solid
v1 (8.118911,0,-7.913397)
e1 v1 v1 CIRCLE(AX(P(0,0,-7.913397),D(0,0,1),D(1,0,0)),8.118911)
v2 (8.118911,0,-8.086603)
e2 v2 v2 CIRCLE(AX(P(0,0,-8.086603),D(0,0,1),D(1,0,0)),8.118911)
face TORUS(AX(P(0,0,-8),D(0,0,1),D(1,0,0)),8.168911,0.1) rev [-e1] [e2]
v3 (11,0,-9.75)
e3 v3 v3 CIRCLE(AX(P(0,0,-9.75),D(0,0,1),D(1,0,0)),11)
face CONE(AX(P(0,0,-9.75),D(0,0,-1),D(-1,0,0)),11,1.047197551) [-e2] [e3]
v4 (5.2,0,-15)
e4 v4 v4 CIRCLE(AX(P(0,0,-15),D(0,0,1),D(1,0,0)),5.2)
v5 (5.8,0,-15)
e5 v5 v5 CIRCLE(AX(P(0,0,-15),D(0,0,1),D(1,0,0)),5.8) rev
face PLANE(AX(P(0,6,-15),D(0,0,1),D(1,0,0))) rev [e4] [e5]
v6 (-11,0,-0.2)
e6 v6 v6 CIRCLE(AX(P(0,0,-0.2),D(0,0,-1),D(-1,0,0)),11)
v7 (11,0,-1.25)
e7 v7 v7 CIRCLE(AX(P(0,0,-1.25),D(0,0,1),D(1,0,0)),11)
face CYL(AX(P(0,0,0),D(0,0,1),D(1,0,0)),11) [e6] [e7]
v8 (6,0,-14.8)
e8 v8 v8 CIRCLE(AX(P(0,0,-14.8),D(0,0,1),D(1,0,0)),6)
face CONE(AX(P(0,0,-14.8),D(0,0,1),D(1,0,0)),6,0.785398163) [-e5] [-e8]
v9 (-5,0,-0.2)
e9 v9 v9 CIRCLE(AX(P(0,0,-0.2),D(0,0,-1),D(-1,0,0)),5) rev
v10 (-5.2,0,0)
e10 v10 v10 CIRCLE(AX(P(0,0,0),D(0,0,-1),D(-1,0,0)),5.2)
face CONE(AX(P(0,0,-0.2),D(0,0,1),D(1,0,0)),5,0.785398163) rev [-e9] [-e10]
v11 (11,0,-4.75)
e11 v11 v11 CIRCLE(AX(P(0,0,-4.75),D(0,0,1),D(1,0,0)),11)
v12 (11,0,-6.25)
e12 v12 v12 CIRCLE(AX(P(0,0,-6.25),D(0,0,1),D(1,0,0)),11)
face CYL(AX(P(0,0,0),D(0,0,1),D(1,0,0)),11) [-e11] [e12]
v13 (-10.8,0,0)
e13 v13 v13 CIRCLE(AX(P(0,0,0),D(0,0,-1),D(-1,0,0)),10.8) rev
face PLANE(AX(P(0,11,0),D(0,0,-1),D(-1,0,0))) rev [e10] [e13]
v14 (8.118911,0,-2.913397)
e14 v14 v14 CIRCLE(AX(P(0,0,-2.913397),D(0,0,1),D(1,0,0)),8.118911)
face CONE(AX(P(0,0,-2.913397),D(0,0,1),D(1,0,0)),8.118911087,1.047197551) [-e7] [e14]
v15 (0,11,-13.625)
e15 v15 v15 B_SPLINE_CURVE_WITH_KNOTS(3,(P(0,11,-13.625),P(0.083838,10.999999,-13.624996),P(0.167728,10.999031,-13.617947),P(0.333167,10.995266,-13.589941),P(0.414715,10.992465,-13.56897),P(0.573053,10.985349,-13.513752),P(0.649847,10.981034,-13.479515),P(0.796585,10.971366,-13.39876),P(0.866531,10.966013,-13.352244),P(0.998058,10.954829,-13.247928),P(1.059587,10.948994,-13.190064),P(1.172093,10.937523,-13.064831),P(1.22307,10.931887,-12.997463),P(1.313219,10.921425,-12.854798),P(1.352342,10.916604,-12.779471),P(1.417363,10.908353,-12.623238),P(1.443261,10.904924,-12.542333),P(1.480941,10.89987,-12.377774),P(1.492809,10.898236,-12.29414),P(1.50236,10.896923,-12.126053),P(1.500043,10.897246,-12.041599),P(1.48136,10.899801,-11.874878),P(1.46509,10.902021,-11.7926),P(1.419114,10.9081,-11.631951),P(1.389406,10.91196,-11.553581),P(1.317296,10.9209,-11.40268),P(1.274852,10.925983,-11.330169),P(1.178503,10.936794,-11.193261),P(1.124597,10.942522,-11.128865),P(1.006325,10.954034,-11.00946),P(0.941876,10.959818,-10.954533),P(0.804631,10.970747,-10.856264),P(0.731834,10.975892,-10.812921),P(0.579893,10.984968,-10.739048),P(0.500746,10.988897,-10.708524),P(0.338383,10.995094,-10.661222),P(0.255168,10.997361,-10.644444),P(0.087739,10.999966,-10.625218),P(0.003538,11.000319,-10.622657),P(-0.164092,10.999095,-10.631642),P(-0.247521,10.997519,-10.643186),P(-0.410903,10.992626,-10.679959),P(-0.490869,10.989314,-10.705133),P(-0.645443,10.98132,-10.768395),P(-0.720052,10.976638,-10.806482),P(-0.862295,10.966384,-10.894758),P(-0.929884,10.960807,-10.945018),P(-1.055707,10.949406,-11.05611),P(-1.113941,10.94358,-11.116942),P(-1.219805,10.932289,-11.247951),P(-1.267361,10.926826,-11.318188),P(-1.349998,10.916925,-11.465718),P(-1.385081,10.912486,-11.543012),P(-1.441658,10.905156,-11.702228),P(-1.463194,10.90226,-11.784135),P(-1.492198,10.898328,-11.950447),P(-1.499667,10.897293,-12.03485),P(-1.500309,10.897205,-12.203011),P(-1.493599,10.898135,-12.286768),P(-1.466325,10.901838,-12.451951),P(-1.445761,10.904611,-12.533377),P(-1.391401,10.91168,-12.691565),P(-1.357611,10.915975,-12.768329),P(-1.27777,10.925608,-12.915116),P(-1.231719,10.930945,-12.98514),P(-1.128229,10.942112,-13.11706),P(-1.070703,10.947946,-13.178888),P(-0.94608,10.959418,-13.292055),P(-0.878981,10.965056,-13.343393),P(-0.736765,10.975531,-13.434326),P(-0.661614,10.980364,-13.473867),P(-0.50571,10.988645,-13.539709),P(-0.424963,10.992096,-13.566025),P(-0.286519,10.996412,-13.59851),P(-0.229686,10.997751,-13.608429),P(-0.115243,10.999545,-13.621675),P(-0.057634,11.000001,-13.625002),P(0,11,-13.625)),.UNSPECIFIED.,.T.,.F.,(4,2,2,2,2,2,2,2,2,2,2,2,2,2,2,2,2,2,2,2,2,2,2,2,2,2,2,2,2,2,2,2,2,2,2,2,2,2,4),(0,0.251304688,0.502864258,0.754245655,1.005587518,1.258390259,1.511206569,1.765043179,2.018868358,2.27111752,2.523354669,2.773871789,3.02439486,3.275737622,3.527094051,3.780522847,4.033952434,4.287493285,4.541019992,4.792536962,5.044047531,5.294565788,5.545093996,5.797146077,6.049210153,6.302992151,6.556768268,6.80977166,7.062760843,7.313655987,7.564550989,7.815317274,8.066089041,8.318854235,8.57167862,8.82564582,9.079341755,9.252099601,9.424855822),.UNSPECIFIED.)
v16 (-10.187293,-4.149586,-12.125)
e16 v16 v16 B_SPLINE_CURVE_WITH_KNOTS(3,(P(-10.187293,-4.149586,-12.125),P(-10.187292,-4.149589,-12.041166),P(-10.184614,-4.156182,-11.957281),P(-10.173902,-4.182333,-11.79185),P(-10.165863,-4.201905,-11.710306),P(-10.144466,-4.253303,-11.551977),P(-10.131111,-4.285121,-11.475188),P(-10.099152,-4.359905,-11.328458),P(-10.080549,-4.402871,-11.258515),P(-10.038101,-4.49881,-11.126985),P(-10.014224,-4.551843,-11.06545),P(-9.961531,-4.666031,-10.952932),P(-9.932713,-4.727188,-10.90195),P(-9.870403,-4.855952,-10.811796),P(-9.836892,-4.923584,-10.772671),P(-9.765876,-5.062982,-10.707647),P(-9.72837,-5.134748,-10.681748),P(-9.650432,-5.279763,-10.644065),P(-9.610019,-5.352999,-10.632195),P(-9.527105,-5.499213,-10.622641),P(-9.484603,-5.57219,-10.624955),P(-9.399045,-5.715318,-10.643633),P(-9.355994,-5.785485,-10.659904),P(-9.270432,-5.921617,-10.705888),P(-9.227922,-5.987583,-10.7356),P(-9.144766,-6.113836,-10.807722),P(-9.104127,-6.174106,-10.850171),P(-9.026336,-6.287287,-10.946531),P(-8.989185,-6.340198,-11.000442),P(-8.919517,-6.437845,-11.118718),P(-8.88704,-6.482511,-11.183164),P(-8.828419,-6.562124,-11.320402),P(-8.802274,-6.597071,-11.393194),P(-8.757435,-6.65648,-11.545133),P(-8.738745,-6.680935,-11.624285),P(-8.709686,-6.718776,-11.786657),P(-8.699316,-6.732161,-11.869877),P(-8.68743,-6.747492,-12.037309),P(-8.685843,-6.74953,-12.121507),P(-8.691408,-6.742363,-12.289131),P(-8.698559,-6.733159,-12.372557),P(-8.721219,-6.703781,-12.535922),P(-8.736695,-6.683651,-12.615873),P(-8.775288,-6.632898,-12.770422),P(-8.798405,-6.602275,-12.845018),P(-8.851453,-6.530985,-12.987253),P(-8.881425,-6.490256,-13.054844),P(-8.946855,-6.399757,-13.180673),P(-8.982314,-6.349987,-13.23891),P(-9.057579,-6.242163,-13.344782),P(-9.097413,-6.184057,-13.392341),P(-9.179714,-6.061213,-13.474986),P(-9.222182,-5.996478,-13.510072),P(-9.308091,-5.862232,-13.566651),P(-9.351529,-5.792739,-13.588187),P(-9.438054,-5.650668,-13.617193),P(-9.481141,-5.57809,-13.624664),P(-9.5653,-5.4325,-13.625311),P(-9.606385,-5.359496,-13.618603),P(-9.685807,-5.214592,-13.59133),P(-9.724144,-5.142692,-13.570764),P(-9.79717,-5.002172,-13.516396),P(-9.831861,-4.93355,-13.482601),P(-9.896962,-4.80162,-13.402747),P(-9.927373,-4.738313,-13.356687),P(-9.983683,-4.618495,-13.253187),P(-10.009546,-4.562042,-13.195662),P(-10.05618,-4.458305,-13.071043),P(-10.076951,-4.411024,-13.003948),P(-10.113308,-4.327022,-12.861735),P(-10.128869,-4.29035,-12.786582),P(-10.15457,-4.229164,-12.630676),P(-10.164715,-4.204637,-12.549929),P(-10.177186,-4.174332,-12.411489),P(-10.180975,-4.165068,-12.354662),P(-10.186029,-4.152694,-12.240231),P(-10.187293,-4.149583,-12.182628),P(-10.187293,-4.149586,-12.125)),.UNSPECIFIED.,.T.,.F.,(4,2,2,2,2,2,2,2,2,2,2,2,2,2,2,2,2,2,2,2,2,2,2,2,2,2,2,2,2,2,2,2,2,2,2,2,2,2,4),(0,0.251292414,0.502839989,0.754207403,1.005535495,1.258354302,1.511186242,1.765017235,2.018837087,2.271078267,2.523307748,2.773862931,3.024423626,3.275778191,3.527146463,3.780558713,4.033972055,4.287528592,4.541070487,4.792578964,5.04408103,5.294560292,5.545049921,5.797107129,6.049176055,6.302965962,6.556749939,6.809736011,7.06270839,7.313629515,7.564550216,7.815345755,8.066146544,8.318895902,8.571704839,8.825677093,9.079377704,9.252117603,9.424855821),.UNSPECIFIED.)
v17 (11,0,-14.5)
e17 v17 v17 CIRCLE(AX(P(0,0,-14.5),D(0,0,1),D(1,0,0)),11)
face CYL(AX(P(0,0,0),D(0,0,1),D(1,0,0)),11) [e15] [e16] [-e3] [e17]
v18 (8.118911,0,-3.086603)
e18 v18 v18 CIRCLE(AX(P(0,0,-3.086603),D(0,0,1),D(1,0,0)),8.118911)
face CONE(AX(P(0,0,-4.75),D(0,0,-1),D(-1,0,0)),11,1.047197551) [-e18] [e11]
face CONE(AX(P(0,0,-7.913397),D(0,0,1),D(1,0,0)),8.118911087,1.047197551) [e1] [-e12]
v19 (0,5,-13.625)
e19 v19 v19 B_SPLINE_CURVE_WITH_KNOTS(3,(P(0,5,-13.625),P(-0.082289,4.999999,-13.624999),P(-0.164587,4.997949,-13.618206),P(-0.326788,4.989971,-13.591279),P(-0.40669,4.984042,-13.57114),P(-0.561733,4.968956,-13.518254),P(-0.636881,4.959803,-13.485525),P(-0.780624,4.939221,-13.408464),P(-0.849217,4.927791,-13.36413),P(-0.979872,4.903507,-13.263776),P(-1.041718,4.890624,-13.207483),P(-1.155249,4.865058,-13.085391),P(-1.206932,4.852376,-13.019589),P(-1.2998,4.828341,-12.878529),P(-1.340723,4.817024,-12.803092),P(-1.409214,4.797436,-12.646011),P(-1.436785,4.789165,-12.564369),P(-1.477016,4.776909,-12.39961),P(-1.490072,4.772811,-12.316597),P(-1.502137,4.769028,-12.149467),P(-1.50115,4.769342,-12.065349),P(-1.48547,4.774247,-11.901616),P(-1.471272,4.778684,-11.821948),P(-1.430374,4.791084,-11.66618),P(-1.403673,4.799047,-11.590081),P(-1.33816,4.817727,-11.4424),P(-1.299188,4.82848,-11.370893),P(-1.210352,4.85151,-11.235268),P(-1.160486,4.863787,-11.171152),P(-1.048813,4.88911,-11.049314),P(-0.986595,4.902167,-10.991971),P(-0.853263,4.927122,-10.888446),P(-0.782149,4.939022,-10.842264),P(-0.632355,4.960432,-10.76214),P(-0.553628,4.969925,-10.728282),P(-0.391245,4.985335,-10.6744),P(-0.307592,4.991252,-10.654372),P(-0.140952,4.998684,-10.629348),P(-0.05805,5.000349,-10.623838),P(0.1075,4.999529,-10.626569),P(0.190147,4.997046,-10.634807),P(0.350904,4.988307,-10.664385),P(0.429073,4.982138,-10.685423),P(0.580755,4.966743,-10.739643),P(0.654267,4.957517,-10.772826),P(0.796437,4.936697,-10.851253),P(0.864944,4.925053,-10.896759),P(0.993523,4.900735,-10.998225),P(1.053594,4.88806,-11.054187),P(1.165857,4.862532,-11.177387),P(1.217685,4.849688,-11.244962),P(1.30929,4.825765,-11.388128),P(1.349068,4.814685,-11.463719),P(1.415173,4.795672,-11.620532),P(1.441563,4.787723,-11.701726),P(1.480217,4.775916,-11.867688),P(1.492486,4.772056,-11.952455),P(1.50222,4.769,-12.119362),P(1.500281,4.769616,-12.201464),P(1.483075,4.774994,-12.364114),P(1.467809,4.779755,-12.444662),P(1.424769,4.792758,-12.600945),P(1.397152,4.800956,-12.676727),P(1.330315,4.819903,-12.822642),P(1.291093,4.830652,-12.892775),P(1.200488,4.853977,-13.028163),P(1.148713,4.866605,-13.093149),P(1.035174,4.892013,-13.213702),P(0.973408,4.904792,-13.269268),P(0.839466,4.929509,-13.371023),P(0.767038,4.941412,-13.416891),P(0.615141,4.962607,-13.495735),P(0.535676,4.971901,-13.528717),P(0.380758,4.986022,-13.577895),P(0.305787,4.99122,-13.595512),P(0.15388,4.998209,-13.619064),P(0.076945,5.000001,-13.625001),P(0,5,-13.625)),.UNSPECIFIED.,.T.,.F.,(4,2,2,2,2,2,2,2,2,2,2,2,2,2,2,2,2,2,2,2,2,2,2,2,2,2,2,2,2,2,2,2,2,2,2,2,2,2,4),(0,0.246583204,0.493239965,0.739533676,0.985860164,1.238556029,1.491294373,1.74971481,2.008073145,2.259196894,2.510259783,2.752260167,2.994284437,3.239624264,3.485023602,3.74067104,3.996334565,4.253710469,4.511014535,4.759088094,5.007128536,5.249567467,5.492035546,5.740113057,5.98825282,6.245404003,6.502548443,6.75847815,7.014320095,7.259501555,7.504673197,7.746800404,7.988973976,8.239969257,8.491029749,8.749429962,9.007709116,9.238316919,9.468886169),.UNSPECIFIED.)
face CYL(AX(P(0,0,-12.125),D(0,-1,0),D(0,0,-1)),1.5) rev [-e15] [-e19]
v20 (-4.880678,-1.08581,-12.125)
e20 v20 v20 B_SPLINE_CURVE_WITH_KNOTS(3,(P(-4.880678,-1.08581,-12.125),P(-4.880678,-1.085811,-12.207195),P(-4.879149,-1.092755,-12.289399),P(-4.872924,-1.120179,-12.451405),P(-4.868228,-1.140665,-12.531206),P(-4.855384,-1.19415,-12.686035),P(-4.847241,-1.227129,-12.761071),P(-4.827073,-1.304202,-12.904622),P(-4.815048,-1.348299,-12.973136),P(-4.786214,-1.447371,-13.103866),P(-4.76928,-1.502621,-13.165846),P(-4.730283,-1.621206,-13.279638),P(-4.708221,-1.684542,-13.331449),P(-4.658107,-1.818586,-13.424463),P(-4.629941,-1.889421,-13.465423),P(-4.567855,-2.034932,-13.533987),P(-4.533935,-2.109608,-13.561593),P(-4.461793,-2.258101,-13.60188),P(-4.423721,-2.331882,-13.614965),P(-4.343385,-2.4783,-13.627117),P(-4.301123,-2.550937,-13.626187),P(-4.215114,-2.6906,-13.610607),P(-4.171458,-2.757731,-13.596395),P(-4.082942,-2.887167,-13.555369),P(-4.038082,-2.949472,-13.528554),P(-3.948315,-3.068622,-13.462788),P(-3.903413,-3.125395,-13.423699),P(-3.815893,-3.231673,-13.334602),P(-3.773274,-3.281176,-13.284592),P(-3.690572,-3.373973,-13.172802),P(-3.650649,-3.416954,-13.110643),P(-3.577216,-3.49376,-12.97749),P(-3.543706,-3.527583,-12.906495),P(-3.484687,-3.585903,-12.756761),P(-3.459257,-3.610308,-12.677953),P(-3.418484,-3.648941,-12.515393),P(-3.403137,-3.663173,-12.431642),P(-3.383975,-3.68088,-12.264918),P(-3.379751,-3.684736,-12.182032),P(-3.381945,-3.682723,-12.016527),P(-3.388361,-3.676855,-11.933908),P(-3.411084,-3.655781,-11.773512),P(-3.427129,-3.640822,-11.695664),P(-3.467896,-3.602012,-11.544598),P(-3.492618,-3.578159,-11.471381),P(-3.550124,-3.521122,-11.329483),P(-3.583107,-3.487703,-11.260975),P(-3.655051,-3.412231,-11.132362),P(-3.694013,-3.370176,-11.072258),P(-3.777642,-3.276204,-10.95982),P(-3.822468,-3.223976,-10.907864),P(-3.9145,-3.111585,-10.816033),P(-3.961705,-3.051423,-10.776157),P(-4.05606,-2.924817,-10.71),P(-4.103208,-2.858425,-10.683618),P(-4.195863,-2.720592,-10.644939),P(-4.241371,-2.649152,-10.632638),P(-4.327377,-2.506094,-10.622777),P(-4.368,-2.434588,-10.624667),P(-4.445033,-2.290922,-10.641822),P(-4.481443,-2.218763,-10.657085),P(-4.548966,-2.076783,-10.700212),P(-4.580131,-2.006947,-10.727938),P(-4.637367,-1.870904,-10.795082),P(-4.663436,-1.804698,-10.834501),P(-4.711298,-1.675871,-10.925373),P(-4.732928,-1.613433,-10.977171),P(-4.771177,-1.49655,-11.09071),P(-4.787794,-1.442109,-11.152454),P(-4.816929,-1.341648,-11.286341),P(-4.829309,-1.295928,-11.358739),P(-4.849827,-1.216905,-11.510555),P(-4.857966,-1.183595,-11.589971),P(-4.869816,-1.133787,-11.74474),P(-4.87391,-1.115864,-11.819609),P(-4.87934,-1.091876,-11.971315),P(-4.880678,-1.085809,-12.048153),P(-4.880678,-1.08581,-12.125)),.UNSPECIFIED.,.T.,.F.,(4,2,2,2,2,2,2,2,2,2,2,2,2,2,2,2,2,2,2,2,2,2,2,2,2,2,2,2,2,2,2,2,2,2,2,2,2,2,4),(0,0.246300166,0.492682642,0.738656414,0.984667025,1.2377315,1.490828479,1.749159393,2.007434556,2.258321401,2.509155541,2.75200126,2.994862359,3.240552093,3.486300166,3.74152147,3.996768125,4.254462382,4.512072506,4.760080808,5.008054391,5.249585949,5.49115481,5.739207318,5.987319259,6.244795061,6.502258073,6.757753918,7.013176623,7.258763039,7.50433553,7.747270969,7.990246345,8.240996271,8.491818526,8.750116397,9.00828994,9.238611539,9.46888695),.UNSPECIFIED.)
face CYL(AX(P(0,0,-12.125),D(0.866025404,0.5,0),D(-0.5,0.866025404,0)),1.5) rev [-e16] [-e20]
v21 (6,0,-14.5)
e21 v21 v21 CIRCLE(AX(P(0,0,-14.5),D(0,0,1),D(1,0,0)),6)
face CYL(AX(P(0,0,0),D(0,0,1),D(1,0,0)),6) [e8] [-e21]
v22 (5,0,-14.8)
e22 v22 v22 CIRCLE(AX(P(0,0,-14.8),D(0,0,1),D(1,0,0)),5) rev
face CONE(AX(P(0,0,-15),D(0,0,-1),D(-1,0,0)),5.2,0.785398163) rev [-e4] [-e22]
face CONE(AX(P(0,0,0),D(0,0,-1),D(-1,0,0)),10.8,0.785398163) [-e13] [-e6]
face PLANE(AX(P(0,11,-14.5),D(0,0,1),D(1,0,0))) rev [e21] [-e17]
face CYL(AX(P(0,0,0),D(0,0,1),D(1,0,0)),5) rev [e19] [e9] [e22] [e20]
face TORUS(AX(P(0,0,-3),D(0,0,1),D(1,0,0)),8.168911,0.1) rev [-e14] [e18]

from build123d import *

# Parameters (mm, degrees)
SKETCH_2_W               = 1.5
SKETCH_2_H               = 15.026279442
PATTERN_CIRCULAR_1_COUNT = 2
PATTERN_CIRCULAR_1_ANGLE = 120
CHAMFER_1_SIZE           = 0.2


with BuildPart() as part:
    # 草图1 → 旋转1 (revolve)
    with BuildSketch(Plane(origin=(0, 0, 0), x_dir=(0, 0, -1), z_dir=(1, 0, 0)), mode=Mode.PRIVATE) as revolve_1_sk:
        with BuildLine():
            Line((0, 5), (15, 5))
            Line((15, 5), (15, 6))
            Line((15, 6), (14.5, 6))
            Line((14.5, 6), (14.5, 11))
            Line((14.5, 11), (9.75, 11))
            Line((9.75, 11), (8.08660254, 8.118911087))
            ThreePointArc((8.08660254, 8.118911087), (8, 8.068911087), (7.91339746, 8.118911087))
            Line((7.91339746, 8.118911087), (6.25, 11))
            Line((6.25, 11), (4.75, 11))
            Line((4.75, 11), (3.08660254, 8.118911087))
            ThreePointArc((3.08660254, 8.118911087), (3, 8.068911087), (2.91339746, 8.118911087))
            Line((2.91339746, 8.118911087), (1.25, 11))
            Line((1.25, 11), (0, 11))
            Line((0, 11), (0, 5))
        make_face()
    revolve(revolve_1_sk.sketch.rotate(Axis((0, 0, 0), (0, 0, -1)), 90), axis=Axis((0, 0, 0), (0, 0, -1)))

    # 草图2 → M3 螺纹孔1 (revolve, cut)
    with BuildSketch(Plane(origin=(0, 0, -12.125), x_dir=(0, 0, -1), z_dir=(1, 0, 0))):
        with Locations((0.75, 7.513139721)):
            Rectangle(SKETCH_2_W, SKETCH_2_H)
    hole_wizard_m3_1 = revolve(axis=Axis((0, -6.35, -12.125), (0, 1, 0)), mode=Mode.SUBTRACT)

    # 阵列(圆周)1: M3 螺纹孔1 ×2 about axis
    pattern_circular_1_axis = Axis((0, 0, 0), (0, 0, 1))
    for i in range(1, PATTERN_CIRCULAR_1_COUNT):
        add(hole_wizard_m3_1.rotate(pattern_circular_1_axis, i * PATTERN_CIRCULAR_1_ANGLE / (PATTERN_CIRCULAR_1_COUNT - 1)), mode=Mode.SUBTRACT)

    # 倒角1
    chamfer_1_edges = [part.edges().sort_by_distance(p)[0] for p in [
        (-6, 0, -15),
        (-11, 0, 0),
        (-5, 0, 0),
        (-5, 0, -15),
    ]]
    chamfer(chamfer_1_edges, length=CHAMFER_1_SIZE)


solid = part.part
